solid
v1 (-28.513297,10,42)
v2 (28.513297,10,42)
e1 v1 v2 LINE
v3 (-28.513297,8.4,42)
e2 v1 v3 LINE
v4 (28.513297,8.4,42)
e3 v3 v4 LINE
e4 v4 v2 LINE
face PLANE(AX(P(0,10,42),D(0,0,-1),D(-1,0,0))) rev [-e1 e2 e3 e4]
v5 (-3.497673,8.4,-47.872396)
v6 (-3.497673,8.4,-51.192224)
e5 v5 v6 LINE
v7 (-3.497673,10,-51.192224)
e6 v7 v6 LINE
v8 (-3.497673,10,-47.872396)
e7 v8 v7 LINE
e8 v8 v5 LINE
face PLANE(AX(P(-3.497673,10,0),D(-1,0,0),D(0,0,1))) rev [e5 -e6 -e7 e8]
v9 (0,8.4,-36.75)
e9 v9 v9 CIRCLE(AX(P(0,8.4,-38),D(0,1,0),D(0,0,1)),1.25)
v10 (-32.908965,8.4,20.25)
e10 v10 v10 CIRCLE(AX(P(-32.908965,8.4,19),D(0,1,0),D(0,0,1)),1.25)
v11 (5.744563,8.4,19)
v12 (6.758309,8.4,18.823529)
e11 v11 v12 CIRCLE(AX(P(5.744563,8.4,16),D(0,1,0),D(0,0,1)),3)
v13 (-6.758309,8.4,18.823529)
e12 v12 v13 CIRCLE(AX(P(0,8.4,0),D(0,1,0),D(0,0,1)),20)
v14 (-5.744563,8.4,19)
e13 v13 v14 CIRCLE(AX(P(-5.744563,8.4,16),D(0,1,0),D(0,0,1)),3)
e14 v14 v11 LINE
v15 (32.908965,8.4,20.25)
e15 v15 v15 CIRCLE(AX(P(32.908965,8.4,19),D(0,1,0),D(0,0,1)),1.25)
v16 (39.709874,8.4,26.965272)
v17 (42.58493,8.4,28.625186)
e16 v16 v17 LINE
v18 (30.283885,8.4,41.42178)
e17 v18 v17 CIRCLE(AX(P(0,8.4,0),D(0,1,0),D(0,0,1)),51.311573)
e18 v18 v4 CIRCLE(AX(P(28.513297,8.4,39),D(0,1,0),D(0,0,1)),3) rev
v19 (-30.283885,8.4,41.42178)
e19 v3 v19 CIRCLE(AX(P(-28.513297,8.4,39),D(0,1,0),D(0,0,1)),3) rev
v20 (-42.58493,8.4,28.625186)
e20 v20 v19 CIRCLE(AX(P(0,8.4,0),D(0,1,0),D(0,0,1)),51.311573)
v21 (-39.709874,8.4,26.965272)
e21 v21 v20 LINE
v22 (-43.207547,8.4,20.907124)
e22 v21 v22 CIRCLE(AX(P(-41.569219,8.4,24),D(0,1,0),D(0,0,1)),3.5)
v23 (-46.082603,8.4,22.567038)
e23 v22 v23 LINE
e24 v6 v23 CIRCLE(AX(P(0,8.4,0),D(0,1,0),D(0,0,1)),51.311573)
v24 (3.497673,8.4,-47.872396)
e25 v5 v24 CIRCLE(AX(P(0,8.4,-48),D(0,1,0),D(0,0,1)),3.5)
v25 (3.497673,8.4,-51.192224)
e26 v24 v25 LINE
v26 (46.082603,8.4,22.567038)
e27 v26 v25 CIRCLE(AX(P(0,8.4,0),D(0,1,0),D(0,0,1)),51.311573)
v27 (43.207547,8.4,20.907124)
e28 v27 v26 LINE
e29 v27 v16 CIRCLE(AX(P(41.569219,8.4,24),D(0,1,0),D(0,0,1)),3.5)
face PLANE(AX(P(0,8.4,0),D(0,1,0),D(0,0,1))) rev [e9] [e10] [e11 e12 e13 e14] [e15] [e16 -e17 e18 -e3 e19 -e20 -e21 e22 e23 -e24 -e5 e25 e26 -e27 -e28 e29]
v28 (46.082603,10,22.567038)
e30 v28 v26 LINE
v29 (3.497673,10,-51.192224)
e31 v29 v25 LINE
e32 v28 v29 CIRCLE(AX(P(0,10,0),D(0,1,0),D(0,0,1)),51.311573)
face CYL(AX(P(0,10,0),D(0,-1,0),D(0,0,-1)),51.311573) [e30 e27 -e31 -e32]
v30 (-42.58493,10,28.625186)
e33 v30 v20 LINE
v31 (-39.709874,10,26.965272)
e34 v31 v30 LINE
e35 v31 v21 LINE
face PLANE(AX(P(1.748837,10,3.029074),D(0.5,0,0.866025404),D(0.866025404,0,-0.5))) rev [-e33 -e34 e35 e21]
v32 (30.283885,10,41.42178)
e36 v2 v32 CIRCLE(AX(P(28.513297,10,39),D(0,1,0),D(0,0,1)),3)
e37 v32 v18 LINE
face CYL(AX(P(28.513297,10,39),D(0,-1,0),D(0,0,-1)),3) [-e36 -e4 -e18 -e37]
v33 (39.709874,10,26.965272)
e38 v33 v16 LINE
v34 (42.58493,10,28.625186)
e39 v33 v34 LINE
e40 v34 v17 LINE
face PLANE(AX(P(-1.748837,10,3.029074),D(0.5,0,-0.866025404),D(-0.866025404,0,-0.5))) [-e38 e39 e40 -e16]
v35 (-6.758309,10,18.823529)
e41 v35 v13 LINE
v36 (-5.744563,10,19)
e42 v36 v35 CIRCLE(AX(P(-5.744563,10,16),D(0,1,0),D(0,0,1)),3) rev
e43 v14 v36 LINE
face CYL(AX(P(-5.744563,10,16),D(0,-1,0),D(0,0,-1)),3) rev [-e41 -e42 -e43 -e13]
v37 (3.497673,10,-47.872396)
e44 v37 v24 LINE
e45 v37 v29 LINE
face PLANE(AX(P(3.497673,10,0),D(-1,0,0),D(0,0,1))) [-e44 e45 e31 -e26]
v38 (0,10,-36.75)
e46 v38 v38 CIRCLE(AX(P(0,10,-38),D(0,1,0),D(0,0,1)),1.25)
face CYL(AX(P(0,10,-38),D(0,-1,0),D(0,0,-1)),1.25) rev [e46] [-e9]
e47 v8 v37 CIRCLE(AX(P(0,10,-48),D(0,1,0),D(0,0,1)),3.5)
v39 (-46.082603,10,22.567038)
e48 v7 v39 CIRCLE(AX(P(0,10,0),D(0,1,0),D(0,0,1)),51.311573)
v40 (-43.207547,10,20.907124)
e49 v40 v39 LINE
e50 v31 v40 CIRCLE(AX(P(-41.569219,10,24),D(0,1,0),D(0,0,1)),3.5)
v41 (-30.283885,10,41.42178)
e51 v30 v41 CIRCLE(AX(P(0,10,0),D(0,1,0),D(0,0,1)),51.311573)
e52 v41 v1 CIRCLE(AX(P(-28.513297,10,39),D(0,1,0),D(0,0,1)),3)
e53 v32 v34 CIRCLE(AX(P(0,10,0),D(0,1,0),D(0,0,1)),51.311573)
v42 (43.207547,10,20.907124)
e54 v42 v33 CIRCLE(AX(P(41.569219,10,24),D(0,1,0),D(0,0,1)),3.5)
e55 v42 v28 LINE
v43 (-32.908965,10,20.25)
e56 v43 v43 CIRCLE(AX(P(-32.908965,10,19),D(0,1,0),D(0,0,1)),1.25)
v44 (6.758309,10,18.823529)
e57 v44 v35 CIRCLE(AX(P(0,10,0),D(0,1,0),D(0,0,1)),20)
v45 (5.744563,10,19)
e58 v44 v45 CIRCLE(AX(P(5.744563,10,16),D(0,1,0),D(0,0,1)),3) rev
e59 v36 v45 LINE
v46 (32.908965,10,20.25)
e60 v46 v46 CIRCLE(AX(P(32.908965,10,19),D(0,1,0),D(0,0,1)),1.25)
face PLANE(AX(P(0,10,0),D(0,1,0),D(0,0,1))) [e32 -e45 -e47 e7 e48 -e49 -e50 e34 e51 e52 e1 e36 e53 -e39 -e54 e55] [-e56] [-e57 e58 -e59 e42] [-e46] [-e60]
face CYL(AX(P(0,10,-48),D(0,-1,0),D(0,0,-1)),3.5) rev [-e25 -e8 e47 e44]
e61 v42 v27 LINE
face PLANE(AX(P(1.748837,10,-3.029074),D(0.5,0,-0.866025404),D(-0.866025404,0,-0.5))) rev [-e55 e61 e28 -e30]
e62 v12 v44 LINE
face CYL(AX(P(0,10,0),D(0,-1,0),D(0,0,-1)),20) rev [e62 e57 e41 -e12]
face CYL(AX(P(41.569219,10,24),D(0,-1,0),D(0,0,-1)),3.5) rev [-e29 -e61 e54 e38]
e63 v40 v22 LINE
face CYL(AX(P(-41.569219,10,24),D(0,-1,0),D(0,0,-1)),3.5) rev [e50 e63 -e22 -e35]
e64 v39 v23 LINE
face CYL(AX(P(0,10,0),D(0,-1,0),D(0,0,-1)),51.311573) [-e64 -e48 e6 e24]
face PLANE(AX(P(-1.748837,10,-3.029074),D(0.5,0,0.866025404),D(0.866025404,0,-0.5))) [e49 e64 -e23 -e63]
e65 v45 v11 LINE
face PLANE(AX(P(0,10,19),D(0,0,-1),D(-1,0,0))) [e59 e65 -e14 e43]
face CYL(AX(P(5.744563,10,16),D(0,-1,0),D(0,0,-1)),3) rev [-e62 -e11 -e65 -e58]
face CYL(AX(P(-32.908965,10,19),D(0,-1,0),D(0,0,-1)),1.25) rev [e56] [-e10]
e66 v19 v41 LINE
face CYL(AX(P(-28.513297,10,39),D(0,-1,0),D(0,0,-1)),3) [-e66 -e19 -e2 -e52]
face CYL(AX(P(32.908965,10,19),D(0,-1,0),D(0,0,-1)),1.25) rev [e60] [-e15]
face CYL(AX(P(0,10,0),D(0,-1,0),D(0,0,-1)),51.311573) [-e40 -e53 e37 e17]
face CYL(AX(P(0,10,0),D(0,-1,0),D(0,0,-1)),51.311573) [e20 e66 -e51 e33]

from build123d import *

# Parameters (mm, degrees)
SKETCH_1_R      = 1.25
EXTRUDE_1_DEPTH = 1.6
FILLET_1_R      = 3


with BuildPart() as part:
    # 草图1 → 凸台-拉伸1 (new body)
    with BuildSketch(Plane(origin=(0, 8.4, 0), x_dir=(1, 0, 0), z_dir=(0, 1, 0))):
        with BuildLine():
            ThreePointArc((-42.584930161, -28.625185914), (-36.646174274, -35.915671462), (-29.47672888, -42))
            Line((-29.47672888, -42), (29.47672888, -42))
            ThreePointArc((29.47672888, -42), (36.646174274, -35.915671462), (42.584930161, -28.625185914))
            Line((42.584930161, -28.625185914), (39.709874377, -26.965271683))
            ThreePointArc((39.709874377, -26.965271683), (38.538130468, -22.25), (43.207547486, -20.90712415))
            Line((43.207547486, -20.90712415), (46.08260327, -22.567038381))
            ThreePointArc((46.08260327, -22.567038381), (44.43712591, 25.655786606), (3.497673109, 51.192224295))
            Line((3.497673109, 51.192224295), (3.497673109, 47.872395833))
            ThreePointArc((3.497673109, 47.872395833), (0, 44.5), (-3.497673109, 47.872395833))
            Line((-3.497673109, 47.872395833), (-3.497673109, 51.192224295))
            ThreePointArc((-3.497673109, 51.192224295), (-44.43712591, 25.655786606), (-46.08260327, -22.567038381))
            Line((-46.08260327, -22.567038381), (-43.207547486, -20.90712415))
            ThreePointArc((-43.207547486, -20.90712415), (-38.538130468, -22.25), (-39.709874377, -26.965271683))
            Line((-39.709874377, -26.965271683), (-42.584930161, -28.625185914))
        make_face()
        with Locations(Location((-32.908965344, -19, 0), (0, 0, 270))):
            Circle(SKETCH_1_R, mode=Mode.SUBTRACT)
        with Locations(Location((32.908965344, -19, 0), (0, 0, 270))):
            Circle(SKETCH_1_R, mode=Mode.SUBTRACT)
        with BuildLine():
            Line((6.244997998, -19), (-6.244997998, -19))
            ThreePointArc((-6.244997998, -19), (0, 20), (6.244997998, -19))
        make_face(mode=Mode.SUBTRACT)
        with Locations(Location((0, 38, 0), (0, 0, 270))):
            Circle(SKETCH_1_R, mode=Mode.SUBTRACT)
    extrude(amount=EXTRUDE_1_DEPTH)

    # 圆角1
    fillet_1_edges = [part.edges().sort_by_distance(p)[0] for p in [
        (-29.47672888, 9.2, 42),
        (29.47672888, 9.2, 42),
        (-6.244997998, 9.2, 19),
        (6.244997998, 9.2, 19),
    ]]
    fillet(fillet_1_edges, radius=FILLET_1_R)


solid = part.part
